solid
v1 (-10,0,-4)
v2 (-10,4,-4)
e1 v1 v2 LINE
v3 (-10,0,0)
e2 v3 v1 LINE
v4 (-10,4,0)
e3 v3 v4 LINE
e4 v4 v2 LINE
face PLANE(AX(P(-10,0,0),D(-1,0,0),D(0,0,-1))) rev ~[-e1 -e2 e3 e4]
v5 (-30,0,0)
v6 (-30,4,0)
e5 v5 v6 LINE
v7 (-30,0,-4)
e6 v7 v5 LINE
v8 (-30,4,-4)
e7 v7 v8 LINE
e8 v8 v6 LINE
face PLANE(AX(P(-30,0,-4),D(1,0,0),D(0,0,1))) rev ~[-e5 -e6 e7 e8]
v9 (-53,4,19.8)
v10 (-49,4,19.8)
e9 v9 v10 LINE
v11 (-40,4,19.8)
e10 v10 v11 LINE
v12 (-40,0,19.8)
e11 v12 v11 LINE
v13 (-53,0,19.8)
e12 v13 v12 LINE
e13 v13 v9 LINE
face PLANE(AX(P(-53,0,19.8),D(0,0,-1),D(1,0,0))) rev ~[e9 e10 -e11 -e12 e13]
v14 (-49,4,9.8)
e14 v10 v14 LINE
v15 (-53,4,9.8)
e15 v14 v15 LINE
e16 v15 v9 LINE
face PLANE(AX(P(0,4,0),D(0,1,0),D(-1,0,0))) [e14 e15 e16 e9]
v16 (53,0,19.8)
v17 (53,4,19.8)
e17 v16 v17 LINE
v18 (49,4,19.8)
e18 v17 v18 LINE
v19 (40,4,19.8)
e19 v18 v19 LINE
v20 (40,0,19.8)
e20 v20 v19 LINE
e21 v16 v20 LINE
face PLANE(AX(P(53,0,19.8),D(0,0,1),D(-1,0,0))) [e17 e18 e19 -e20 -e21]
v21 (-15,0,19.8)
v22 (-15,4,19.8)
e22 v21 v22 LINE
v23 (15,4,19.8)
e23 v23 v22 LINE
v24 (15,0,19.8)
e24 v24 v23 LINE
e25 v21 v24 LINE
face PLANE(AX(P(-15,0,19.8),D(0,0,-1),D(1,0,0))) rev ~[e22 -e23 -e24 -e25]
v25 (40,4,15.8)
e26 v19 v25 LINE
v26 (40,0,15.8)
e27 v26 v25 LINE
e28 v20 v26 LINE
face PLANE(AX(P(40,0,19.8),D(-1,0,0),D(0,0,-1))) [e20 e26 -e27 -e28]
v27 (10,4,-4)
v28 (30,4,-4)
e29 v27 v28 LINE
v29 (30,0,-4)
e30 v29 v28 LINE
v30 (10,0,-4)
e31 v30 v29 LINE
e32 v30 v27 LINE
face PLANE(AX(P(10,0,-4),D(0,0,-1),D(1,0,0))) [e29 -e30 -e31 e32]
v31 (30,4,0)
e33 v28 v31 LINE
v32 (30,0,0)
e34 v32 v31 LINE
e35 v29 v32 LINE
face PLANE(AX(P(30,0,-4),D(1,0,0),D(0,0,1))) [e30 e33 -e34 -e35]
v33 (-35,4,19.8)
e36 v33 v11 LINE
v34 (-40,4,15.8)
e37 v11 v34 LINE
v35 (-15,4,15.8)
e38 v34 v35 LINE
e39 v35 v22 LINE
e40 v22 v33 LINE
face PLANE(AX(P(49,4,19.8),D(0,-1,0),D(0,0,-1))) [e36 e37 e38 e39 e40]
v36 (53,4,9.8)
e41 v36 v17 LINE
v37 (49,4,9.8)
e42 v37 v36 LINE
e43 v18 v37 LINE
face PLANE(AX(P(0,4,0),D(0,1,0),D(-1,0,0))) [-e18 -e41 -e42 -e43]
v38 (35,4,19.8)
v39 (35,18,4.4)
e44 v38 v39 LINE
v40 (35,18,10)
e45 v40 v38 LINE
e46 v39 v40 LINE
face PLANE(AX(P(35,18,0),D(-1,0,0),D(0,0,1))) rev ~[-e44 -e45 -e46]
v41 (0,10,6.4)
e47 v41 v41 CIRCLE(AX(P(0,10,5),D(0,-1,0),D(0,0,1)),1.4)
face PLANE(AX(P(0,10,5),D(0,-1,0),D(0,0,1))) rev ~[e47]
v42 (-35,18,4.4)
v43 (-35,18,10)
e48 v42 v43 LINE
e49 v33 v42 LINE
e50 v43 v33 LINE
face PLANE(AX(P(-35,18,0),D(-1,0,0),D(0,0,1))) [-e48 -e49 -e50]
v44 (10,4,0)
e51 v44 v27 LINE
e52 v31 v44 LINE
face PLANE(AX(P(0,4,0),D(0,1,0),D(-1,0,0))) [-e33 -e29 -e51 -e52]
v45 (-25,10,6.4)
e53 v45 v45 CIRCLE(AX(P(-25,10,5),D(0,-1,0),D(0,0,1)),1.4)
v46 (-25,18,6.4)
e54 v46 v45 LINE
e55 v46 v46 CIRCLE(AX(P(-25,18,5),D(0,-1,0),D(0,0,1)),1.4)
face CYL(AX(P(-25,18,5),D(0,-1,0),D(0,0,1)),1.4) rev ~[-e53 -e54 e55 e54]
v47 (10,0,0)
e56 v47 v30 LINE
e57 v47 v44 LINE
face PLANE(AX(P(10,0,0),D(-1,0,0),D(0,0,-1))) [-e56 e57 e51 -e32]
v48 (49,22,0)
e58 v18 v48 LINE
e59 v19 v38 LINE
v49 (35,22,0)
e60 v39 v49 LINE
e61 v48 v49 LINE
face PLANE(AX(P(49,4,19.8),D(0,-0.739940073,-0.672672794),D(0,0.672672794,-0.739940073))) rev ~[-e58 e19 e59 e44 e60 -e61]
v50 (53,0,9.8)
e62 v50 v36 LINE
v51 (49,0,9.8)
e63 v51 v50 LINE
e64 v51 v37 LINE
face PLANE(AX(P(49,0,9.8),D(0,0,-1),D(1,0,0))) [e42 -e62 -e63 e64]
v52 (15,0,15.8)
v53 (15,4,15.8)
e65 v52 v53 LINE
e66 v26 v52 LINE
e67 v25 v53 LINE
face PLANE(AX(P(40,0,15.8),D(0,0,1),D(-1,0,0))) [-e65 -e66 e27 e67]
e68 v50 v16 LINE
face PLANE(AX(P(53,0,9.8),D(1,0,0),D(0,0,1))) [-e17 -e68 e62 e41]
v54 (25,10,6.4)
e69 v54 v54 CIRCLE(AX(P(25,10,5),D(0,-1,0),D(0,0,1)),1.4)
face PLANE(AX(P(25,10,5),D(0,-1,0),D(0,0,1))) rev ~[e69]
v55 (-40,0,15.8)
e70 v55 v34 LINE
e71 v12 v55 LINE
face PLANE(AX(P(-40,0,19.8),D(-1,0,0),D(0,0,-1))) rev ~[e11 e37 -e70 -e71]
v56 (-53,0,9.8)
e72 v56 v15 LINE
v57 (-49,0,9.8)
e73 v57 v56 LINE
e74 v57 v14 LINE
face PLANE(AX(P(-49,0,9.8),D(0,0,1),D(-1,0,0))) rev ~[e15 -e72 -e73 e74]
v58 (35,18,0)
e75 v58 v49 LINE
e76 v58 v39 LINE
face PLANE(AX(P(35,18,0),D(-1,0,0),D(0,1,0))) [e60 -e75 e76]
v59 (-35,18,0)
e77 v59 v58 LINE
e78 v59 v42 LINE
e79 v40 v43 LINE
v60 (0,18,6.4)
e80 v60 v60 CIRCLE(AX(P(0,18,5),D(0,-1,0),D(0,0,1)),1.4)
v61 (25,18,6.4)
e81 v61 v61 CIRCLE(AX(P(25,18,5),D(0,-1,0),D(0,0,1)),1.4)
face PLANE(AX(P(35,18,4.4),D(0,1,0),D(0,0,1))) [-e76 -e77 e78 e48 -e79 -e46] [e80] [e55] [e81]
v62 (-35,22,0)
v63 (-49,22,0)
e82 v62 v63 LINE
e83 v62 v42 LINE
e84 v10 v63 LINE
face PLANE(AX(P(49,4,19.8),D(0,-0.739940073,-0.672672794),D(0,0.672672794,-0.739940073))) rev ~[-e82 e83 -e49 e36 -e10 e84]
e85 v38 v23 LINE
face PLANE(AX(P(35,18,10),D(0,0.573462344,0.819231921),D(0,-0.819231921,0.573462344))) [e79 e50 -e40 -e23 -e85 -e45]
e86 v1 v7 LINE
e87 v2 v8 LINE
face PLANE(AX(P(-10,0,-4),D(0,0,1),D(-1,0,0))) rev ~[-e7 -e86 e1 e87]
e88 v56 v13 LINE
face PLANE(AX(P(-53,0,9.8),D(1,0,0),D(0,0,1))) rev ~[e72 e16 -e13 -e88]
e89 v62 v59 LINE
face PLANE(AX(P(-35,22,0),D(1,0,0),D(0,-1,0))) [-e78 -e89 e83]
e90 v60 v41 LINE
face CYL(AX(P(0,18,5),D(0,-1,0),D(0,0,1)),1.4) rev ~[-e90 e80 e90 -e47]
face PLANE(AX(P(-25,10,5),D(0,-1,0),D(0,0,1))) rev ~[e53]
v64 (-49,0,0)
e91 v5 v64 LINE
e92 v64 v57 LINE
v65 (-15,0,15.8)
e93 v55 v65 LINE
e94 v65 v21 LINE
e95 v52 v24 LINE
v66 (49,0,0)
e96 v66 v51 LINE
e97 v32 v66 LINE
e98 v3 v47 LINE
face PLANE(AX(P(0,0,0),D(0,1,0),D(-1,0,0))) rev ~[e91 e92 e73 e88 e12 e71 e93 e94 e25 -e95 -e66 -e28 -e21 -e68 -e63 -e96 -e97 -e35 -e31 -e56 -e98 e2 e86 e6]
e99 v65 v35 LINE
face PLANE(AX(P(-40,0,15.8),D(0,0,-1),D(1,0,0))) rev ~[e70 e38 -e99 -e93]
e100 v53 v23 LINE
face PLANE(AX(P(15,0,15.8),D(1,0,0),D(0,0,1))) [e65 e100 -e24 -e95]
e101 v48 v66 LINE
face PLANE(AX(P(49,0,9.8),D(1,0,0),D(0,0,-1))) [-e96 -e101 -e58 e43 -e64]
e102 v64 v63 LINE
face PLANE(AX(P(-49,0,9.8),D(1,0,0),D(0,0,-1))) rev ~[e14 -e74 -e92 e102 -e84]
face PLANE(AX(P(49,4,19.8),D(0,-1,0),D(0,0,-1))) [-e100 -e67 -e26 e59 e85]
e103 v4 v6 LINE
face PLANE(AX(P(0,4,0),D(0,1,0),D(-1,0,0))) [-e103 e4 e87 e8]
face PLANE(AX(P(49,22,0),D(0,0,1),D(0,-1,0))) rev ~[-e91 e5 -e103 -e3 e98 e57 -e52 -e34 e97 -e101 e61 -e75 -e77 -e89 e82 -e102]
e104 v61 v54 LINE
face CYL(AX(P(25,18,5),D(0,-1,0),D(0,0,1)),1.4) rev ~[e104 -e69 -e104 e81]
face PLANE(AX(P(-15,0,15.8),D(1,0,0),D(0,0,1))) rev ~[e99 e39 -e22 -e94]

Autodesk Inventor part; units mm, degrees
ref_plane "YZ Plane" through (0, 0, 0) normal (1, 0, 0) x (0, 1, 0)
ref_plane "XZ Plane" through (0, 0, 0) normal (0, 1, 0) x (-1, 0, 0)
ref_plane "XY Plane" through (0, 0, 0) normal (0, 0, 1) x (1, 0, 0)
sketch "Эскиз1" plane through (0, 0, 0) normal (0, 1, 0) x (-1, 0, 0)
  line L0 (0, 0) -> (10, 0)
  line L1 (10, 0) -> (10, -4)
  line L2 (10, -4) -> (30, -4)
  line L3 (30, -4) -> (30, 0)
  line L4 (30, 0) -> (49, 0)
  line L5 (49, 0) -> (49, 9.8)
  line L6 (49, 9.8) -> (53, 9.8)
  line L7 (53, 9.8) -> (53, 19.8)
  line L8 (53, 19.8) -> (40, 19.8)
  line L9 (40, 19.8) -> (40, 15.8)
  line L10 (40, 15.8) -> (15, 15.8)
  line L11 (15, 15.8) -> (15, 19.8)
  line L12 (15, 19.8) -> (0, 19.8)
  line L13 (0, 19.8) -> (0, 0)
  line L14 (0, 0) -> (-10, 0)
  line L15 (-10, 0) -> (-10, -4)
  line L16 (-10, -4) -> (-30, -4)
  line L17 (-30, -4) -> (-30, 0)
  line L18 (-30, 0) -> (-49, 0)
  line L19 (-49, 0) -> (-49, 9.8)
  line L20 (-49, 9.8) -> (-53, 9.8)
  line L21 (-53, 9.8) -> (-53, 19.8)
  line L22 (-53, 19.8) -> (-40, 19.8)
  line L23 (-40, 19.8) -> (-40, 15.8)
  line L24 (-40, 15.8) -> (-15, 15.8)
  line L25 (-15, 15.8) -> (-15, 19.8)
  line L26 (-15, 19.8) -> (0, 19.8)
  dimension "d0" = 20
  dimension "d1" = 4
  dimension "d2" = 20
  dimension "d3" = 19
  dimension "d4" = 19.8
  dimension "d5" = 30
  dimension "d6" = 25
  dimension "d7" = 10
extrude "Выдавливание1" add sketch "Эскиз1" along normal blind 4
sketch "Эскиз3" plane through (49, 0, 9.8) normal (1, 0, 0) x (0, 0, -1)
  line L0 (-10, 4) -> (0, 4) projected
  line L1 (-10, 4) -> (9.8, 22)
  line L2 (9.8, 4) -> (13.8, 4) projected
  line L3 (9.8, 22) -> (9.8, 4)
  line L4 (0, 0) -> (9.8, 0) projected
  line L5 (-10, 4) -> (9.8, 4)
  dimension "d10" = 22
extrude "Выдавливание2" add sketch "Эскиз3" against normal up to surface (98 mm away)
sketch "Эскиз6" plane through (10, 0, 0) normal (0, 0, -1) x (-1, 0, 0)
  line L0 (-39, 22) -> (59, 22) projected
  line L1 (-25, 22) -> (45, 22)
  line L2 (45, 22) -> (45, 18)
  line L3 (45, 18) -> (-25, 18)
  line L4 (-25, 18) -> (-25, 22)
  line L5 (0, 0) -> (20, 0) projected
  point P0 (10, 0)
  point P1 (10, 18)
  point P2 (10, 0)
  dimension "d13" = 70
  dimension "d14" = 4
extrude "Выдавливание3" cut sketch "Эскиз6" against normal through all
sketch "Эскиз8" plane through (35, 18, 0) normal (-1, 0, 0) x (0, 0, 1)
  line L0 (0, 4) -> (4.4, 0) projected
  line L1 (0, 0) -> (0, 4) projected
  line L2 (0, 0) -> (4.4, 0) projected
  line L3 (4.4, 0) -> (10, 0)
  line L4 (19.8, -18) -> (19.8, -14) projected
  line L5 (10, 0) -> (19.8, -14)
  line L6 (19.8, -14) -> (4.4, 0)
  line L7 (19.8, -14) -> (0, 4) projected
  line L8 (0, -18) -> (0, 4) projected
  dimension "d17" = 10
extrude "Выдавливание4" add sketch "Эскиз8" along normal up to surface (70 mm away) contours L3 L5 L6
sketch "Эскиз10" plane through (-35, 18, 0) normal (0, 1, 0) x (1, 0, 0)
  line L0 (35, 0) -> (35, -10)
  line L1 (70, -10) -> (0, -10) projected
  point P0 (60, -5)
  point P1 (35, -5)
  point P2 (10, -5)
  dimension "d27" = 5
  dimension "d28" = 50
hole "Отверстие1" at (25, 18, 5) at (0, 18, 5) at (-25, 18, 5) direction (0, -1, 0) diameter 2.8 depth 8
properties part number "sameSpacer" material "Пластик АБС"
